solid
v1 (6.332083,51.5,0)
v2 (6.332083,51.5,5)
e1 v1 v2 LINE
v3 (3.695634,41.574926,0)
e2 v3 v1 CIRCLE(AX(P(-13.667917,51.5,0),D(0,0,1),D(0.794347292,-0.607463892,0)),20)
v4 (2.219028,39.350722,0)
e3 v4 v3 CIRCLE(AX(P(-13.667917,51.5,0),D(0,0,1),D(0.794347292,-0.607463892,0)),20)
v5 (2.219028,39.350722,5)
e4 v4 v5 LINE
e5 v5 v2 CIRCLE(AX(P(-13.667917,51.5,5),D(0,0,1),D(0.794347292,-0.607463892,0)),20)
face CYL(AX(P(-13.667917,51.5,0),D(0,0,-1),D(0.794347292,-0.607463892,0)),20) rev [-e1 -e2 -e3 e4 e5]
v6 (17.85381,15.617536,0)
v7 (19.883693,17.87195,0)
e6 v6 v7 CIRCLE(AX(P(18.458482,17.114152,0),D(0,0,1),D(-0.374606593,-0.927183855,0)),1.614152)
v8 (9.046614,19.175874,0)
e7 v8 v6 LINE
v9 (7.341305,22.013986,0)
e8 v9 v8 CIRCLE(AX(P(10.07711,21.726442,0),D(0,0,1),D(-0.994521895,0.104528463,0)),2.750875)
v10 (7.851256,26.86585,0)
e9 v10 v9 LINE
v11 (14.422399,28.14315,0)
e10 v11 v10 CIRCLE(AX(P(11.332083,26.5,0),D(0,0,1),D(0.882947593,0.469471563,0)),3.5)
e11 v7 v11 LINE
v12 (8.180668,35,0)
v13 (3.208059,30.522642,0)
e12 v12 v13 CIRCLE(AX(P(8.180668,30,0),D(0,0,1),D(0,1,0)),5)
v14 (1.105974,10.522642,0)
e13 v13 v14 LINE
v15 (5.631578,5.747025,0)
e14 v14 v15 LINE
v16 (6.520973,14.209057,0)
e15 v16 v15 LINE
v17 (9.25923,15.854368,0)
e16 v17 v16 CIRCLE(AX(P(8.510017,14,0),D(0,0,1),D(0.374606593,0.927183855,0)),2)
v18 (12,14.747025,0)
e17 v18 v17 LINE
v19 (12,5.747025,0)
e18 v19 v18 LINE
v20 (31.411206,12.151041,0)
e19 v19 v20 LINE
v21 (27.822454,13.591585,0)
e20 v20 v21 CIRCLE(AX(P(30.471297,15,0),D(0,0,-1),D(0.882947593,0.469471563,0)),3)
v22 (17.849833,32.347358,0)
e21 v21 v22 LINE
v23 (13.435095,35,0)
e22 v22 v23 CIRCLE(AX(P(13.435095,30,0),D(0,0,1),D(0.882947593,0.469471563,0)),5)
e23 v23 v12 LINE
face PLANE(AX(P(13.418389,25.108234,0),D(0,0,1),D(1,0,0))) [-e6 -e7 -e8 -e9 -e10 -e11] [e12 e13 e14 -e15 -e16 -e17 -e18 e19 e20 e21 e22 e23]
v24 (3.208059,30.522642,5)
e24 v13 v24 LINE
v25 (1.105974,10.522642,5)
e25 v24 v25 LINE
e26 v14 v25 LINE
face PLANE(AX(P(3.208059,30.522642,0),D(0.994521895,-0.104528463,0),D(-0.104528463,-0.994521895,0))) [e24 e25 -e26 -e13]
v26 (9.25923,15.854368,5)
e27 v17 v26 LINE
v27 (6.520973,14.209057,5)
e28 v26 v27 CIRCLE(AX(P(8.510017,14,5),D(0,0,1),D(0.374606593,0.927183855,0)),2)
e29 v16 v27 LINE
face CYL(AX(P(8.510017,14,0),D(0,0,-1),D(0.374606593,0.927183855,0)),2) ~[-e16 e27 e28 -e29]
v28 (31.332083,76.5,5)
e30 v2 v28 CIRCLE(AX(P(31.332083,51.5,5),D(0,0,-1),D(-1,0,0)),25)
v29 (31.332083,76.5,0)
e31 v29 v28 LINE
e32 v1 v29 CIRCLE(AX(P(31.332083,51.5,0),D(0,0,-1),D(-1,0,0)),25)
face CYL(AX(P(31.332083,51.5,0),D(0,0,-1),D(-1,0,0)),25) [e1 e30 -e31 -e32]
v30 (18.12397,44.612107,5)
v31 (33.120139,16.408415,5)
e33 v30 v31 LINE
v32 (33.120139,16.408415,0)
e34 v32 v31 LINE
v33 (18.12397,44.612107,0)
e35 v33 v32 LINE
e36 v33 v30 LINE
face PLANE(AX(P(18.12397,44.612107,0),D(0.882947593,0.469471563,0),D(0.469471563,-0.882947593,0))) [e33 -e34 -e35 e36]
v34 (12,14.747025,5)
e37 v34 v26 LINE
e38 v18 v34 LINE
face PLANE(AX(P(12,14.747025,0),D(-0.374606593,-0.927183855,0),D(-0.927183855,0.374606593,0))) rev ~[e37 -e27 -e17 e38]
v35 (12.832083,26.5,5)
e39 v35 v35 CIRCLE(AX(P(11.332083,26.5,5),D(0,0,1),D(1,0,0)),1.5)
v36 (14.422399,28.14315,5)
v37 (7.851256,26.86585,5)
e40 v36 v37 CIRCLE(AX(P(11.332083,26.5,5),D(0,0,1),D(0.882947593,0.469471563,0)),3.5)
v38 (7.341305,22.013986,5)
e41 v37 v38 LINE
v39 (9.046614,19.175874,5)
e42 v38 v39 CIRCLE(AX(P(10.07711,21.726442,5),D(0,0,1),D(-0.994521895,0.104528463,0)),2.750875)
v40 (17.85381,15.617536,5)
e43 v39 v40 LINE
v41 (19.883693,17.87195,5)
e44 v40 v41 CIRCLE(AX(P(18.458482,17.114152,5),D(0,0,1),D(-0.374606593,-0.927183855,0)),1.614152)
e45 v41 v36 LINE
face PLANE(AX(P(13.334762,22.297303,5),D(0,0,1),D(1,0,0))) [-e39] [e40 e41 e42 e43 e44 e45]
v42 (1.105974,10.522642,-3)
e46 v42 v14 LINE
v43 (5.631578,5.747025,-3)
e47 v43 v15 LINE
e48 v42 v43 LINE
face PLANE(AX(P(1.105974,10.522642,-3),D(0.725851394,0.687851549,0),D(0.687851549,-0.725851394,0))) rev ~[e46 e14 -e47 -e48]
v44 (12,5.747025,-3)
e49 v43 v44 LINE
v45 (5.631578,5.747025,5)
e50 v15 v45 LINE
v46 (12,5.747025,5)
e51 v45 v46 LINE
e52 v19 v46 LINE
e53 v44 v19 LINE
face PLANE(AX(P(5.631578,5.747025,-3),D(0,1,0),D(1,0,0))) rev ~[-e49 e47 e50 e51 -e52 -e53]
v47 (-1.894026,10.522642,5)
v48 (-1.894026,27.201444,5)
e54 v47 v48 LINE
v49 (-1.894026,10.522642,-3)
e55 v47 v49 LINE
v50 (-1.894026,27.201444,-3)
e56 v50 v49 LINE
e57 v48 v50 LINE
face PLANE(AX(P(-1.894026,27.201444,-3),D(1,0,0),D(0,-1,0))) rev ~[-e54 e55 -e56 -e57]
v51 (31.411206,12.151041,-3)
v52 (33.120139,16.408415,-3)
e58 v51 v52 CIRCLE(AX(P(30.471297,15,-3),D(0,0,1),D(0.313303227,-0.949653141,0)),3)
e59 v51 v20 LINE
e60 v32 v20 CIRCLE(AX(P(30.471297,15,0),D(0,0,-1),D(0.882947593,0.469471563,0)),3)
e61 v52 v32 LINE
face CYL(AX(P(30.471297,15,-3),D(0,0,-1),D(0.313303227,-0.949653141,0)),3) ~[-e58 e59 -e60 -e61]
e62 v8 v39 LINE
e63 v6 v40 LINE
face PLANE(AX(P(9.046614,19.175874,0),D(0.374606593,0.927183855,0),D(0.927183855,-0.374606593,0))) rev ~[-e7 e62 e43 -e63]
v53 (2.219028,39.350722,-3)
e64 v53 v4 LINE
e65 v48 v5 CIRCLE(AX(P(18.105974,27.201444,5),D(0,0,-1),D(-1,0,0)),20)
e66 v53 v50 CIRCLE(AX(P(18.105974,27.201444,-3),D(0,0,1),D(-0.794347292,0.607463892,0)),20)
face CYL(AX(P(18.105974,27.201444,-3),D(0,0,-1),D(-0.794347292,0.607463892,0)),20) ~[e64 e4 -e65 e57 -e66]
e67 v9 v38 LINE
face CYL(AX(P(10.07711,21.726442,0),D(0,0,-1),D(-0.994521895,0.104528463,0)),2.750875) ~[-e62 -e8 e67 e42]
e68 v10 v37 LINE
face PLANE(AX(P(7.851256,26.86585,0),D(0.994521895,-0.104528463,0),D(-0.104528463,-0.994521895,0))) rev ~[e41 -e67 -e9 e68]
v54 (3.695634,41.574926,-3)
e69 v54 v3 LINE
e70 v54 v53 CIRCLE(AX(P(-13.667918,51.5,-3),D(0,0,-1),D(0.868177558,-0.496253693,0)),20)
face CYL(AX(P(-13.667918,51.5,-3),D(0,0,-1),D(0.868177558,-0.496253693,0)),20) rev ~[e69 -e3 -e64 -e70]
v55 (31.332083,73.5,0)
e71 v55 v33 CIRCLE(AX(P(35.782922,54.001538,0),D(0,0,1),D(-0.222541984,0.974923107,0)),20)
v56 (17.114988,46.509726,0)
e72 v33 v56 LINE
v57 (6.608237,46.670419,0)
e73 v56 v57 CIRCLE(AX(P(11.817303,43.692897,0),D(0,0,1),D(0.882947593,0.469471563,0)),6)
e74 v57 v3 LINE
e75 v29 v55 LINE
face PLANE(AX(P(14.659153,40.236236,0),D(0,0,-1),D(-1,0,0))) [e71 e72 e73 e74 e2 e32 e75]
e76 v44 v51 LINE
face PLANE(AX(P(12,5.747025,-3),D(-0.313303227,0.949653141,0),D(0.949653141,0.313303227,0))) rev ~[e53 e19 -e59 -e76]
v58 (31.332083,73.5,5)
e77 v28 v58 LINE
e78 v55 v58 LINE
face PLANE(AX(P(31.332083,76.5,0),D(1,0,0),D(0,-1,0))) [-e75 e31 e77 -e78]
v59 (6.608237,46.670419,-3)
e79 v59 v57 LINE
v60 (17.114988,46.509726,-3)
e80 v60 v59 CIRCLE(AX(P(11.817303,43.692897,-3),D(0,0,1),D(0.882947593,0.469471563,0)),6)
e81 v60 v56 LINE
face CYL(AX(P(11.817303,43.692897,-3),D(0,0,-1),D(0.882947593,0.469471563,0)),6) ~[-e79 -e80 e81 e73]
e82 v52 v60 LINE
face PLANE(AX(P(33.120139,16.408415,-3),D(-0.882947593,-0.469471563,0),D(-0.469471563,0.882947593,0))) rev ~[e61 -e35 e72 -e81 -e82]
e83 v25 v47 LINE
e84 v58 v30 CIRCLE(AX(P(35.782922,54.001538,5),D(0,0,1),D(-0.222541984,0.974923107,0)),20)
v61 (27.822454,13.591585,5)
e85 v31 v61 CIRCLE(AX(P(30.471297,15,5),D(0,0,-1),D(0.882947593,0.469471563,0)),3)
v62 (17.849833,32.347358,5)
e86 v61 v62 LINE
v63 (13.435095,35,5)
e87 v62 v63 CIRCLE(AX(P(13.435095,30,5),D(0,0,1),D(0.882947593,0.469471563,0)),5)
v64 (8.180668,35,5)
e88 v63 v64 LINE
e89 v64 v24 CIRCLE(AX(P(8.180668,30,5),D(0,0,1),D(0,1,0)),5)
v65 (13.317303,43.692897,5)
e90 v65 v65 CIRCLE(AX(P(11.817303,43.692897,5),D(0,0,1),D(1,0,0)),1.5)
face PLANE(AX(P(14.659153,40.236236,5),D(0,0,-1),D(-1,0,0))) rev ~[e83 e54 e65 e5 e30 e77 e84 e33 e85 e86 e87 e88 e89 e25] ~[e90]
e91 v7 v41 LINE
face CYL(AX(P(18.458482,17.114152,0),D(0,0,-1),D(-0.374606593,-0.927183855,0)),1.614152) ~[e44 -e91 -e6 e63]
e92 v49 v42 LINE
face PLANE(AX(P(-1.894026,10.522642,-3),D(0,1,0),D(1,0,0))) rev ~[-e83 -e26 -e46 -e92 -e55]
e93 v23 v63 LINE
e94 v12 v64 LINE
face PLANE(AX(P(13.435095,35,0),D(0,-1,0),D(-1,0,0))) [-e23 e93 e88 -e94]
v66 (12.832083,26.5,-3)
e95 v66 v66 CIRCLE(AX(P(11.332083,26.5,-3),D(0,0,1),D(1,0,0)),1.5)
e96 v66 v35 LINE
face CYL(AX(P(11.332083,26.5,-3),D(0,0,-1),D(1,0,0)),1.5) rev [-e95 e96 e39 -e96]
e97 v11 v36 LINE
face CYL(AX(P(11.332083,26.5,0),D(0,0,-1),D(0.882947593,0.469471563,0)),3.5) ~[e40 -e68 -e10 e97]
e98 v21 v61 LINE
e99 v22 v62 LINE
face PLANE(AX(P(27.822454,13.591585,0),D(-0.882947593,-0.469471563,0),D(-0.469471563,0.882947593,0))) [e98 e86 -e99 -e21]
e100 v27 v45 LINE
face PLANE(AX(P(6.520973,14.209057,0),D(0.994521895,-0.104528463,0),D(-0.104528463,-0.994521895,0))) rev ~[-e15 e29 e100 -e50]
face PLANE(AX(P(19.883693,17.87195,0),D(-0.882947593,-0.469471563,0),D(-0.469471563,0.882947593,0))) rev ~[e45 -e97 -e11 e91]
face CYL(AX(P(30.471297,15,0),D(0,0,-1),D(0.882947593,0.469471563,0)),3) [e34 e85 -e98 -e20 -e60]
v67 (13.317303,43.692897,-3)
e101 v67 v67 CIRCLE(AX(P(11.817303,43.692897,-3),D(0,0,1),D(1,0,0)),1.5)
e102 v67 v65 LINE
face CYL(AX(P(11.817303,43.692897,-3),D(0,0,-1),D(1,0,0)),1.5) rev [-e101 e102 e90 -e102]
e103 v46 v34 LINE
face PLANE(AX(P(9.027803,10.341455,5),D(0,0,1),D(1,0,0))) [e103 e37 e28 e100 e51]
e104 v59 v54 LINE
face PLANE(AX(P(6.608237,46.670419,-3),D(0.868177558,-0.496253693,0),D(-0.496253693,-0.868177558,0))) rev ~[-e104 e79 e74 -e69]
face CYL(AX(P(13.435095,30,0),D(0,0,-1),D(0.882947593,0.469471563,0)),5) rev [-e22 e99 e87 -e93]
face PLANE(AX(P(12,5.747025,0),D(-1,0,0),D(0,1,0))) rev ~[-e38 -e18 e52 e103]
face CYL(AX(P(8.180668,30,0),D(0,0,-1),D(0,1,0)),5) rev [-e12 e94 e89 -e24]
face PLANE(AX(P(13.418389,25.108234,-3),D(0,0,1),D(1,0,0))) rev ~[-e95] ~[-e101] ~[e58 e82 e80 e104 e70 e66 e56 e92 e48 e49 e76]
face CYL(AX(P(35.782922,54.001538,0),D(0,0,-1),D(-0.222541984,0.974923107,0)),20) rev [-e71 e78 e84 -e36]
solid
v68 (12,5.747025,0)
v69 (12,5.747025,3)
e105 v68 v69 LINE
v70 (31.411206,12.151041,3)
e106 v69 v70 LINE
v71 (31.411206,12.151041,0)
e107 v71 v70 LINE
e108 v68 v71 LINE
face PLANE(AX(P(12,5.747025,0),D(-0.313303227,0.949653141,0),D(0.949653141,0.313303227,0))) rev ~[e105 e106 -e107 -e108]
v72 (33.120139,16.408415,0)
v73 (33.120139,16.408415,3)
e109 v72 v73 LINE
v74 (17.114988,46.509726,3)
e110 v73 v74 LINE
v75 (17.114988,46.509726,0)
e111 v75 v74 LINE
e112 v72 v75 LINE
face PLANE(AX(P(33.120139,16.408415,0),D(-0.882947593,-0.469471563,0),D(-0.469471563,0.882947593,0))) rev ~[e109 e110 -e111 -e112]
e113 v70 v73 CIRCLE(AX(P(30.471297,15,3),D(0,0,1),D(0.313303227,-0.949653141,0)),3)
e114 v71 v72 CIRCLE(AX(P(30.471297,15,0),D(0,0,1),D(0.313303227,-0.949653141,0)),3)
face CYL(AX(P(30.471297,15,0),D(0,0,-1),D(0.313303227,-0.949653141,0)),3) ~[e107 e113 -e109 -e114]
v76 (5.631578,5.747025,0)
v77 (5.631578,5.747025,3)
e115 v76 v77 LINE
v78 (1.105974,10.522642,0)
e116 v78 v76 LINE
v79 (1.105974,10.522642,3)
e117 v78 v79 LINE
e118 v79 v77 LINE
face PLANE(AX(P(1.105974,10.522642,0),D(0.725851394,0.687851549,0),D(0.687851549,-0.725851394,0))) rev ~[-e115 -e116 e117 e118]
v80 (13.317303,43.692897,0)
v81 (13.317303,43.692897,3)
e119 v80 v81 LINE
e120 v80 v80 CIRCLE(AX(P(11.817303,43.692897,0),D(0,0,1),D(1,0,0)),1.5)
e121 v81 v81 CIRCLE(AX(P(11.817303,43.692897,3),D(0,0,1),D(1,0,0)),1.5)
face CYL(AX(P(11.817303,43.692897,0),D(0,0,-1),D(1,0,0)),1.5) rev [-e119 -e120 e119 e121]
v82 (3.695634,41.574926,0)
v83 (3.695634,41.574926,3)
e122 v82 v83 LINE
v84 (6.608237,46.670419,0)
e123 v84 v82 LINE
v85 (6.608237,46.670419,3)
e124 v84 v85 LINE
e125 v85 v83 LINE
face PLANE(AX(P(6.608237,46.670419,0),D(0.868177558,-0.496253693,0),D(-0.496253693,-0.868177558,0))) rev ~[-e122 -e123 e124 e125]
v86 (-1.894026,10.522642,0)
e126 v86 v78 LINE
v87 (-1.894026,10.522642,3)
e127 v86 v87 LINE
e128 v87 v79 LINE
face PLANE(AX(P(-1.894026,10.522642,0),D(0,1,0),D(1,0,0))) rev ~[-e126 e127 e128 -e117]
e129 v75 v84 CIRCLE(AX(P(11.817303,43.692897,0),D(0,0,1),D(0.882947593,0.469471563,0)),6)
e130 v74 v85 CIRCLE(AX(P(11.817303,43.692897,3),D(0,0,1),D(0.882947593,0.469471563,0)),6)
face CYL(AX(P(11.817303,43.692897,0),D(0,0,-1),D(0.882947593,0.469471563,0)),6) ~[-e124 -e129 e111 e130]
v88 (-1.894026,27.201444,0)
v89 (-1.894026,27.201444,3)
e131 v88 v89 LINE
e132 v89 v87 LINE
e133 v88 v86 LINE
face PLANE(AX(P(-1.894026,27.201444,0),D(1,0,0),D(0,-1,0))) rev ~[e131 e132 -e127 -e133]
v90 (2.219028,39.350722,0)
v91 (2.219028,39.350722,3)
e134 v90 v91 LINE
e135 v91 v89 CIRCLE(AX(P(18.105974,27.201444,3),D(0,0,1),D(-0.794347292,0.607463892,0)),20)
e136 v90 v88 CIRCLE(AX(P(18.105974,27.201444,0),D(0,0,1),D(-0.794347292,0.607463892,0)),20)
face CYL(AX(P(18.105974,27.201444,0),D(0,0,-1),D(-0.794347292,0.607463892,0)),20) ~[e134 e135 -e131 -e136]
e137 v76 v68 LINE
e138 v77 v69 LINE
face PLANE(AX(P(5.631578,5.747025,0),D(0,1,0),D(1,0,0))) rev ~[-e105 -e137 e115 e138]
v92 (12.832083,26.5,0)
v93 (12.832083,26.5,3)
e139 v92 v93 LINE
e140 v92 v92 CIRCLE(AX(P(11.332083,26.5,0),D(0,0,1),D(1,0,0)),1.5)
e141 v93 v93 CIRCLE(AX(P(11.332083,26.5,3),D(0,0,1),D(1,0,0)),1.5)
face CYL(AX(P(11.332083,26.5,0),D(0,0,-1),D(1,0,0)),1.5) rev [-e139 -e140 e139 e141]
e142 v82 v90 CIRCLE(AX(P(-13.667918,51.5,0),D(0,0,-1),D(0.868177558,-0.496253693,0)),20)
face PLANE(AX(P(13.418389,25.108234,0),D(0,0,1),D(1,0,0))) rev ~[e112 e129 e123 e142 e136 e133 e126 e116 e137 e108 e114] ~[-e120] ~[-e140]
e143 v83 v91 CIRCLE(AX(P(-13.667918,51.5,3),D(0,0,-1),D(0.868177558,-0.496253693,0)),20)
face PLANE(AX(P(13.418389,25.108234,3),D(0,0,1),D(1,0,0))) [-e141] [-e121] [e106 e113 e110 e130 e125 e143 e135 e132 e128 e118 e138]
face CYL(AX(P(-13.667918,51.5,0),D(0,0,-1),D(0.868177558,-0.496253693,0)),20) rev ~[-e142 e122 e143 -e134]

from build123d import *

# Parameters (mm, degrees)
CROQUIS4_R                = 1.5
SALIENTE_EXTRUIR1_DEPTH   = 5
SALIENTE_EXTRUIR1_2_DEPTH = 5
SALIENTE_EXTRUIR1_3_DEPTH = 5
SALIENTE_EXTRUIR2_START   = -3
CROQUIS5_R                = 1.5
SALIENTE_EXTRUIR2_DEPTH   = 3
CROQUIS6_R                = 1.5
SALIENTE_EXTRUIR3_DEPTH   = 3


with BuildPart() as part:
    # Croquis4 → Saliente-Extruir1 (new body)
    with BuildSketch(Plane.XY):
        with BuildLine():
            Line((31.332082611, 76.5), (31.332082611, 73.5))
            ThreePointArc((31.332082611, 73.5), (17.593960897, 62.317888205), (18.123970441, 44.612106598))
            Line((18.123970441, 44.612106598), (33.120139436, 16.408414688))
            ThreePointArc((33.120139436, 16.408414688), (31.879711346, 12.351157221), (27.822453879, 13.591585312))
            Line((27.822453879, 13.591585312), (17.849832742, 32.347357814))
            ThreePointArc((17.849832742, 32.347357814), (16.010285152, 34.285836504), (13.435094777, 35))
            Line((13.435094777, 35), (8.180668456, 35))
            ThreePointArc((8.180668456, 35), (4.835015424, 33.715724127), (3.208058979, 30.522642316))
            Line((3.208058979, 30.522642316), (1.105974274, 10.522642316))
            Line((1.105974274, 10.522642316), (-1.894025726, 10.522642316))
            Line((-1.894025726, 10.522642316), (-1.894025726, 27.20144431))
            ThreePointArc((-1.894025726, 27.20144431), (-0.837875871, 33.61475404), (2.219028442, 39.350722155))
            ThreePointArc((2.219028442, 39.350722155), (5.275932756, 45.086690271), (6.332082611, 51.5))
            ThreePointArc((6.332082611, 51.5), (13.654413081, 69.17766953), (31.332082611, 76.5))
        make_face()
        with Locations((11.817302712, 43.692896695)):
            Circle(CROQUIS4_R, mode=Mode.SUBTRACT)
    extrude(amount=SALIENTE_EXTRUIR1_DEPTH)



with BuildPart() as body_2:
    # Croquis4 → Saliente-Extruir1 2 (new body)
    with BuildSketch(Plane.XY):
        with BuildLine():
            Line((7.851255977, 26.865849621), (7.341304596, 22.013986331))
            ThreePointArc((7.341304596, 22.013986331), (7.719149951, 20.309636075), (9.046614258, 19.17587445))
            Line((9.046614258, 19.17587445), (17.853810231, 15.617536301))
            ThreePointArc((17.853810231, 15.617536301), (19.658030518, 16.034073375), (19.883693385, 17.871949935))
            Line((19.883693385, 17.871949935), (14.422399186, 28.14315047))
            ThreePointArc((14.422399186, 28.14315047), (10.664251127, 29.935695142), (7.851255977, 26.865849621))
        make_face()
        with Locations((11.332082611, 26.5)):
            Circle(CROQUIS4_R, mode=Mode.SUBTRACT)
    extrude(amount=SALIENTE_EXTRUIR1_2_DEPTH)


with BuildPart() as body_3:
    # Croquis4 → Saliente-Extruir1 3 (new body)
    with BuildSketch(Plane.XY):
        with BuildLine():
            Line((6.52097346, 14.209056927), (5.631578058, 5.747024927))
            Line((5.631578058, 5.747024927), (12, 5.747024927))
            Line((12, 5.747024927), (12, 14.747024927))
            Line((12, 14.747024927), (9.259230437, 15.854367709))
            ThreePointArc((9.259230437, 15.854367709), (7.479941101, 15.714334601), (6.52097346, 14.209056927))
        make_face()
    extrude(amount=SALIENTE_EXTRUIR1_3_DEPTH)


with BuildPart() as part_1:
    add(part.part)

    add(body_2.part)  # Saliente-Extruir2 merges body 2

    add(body_3.part)  # Saliente-Extruir2 merges body 3
    # Croquis5 → Saliente-Extruir2 (add)
    with BuildSketch(Plane.XY.offset(SALIENTE_EXTRUIR2_START)):
        with BuildLine():
            Line((12, 5.747024927), (31.411206338, 12.151040577))
            ThreePointArc((31.411206338, 12.151040577), (33.255375434, 13.882455653), (33.120139436, 16.408414688))
            Line((33.120139436, 16.408414688), (17.114988269, 46.509726071))
            ThreePointArc((17.114988269, 46.509726071), (11.909057427, 49.692195076), (6.608237363, 46.670418851))
            Line((6.608237363, 46.670418851), (3.695633773, 41.574926144))
            ThreePointArc((3.695633773, 41.574926144), (2.994485151, 40.43815831), (2.219028442, 39.350722155))
            ThreePointArc((2.219028442, 39.350722155), (-0.837875871, 33.61475404), (-1.894025726, 27.20144431))
            Line((-1.894025726, 27.20144431), (-1.894025726, 10.522642316))
            Line((-1.894025726, 10.522642316), (1.105974274, 10.522642316))
            Line((1.105974274, 10.522642316), (5.631578058, 5.747024927))
            Line((5.631578058, 5.747024927), (12, 5.747024927))
        make_face()
        with Locations((11.332082611, 26.5)):
            Circle(CROQUIS5_R, mode=Mode.SUBTRACT)
        with Locations((11.817302712, 43.692896695)):
            Circle(CROQUIS5_R, mode=Mode.SUBTRACT)
    extrude(amount=SALIENTE_EXTRUIR2_DEPTH)


with BuildPart() as body_2_2:
    # Croquis6 → Saliente-Extruir3 (new body)
    with BuildSketch(Plane.XY):
        with BuildLine():
            Line((33.120139436, 16.408414688), (17.114988269, 46.509726071))
            ThreePointArc((17.114988269, 46.509726071), (11.909057427, 49.692195076), (6.608237363, 46.670418851))
            Line((6.608237363, 46.670418851), (3.695633773, 41.574926144))
            ThreePointArc((3.695633773, 41.574926144), (2.994485151, 40.43815831), (2.219028442, 39.350722155))
            ThreePointArc((2.219028442, 39.350722155), (-0.837875871, 33.61475404), (-1.894025726, 27.20144431))
            Line((-1.894025726, 27.20144431), (-1.894025726, 10.522642316))
            Line((-1.894025726, 10.522642316), (1.105974274, 10.522642316))
            Line((1.105974274, 10.522642316), (5.631578058, 5.747024927))
            Line((5.631578058, 5.747024927), (12, 5.747024927))
            Line((12, 5.747024927), (31.411206338, 12.151040577))
            ThreePointArc((31.411206338, 12.151040577), (33.255375434, 13.882455653), (33.120139436, 16.408414688))
        make_face()
        with Locations((11.817302712, 43.692896695)):
            Circle(CROQUIS6_R, mode=Mode.SUBTRACT)
        with Locations((11.332082611, 26.5)):
            Circle(CROQUIS6_R, mode=Mode.SUBTRACT)
    extrude(amount=SALIENTE_EXTRUIR3_DEPTH)


solid = Compound([part_1.part, body_2_2.part])
